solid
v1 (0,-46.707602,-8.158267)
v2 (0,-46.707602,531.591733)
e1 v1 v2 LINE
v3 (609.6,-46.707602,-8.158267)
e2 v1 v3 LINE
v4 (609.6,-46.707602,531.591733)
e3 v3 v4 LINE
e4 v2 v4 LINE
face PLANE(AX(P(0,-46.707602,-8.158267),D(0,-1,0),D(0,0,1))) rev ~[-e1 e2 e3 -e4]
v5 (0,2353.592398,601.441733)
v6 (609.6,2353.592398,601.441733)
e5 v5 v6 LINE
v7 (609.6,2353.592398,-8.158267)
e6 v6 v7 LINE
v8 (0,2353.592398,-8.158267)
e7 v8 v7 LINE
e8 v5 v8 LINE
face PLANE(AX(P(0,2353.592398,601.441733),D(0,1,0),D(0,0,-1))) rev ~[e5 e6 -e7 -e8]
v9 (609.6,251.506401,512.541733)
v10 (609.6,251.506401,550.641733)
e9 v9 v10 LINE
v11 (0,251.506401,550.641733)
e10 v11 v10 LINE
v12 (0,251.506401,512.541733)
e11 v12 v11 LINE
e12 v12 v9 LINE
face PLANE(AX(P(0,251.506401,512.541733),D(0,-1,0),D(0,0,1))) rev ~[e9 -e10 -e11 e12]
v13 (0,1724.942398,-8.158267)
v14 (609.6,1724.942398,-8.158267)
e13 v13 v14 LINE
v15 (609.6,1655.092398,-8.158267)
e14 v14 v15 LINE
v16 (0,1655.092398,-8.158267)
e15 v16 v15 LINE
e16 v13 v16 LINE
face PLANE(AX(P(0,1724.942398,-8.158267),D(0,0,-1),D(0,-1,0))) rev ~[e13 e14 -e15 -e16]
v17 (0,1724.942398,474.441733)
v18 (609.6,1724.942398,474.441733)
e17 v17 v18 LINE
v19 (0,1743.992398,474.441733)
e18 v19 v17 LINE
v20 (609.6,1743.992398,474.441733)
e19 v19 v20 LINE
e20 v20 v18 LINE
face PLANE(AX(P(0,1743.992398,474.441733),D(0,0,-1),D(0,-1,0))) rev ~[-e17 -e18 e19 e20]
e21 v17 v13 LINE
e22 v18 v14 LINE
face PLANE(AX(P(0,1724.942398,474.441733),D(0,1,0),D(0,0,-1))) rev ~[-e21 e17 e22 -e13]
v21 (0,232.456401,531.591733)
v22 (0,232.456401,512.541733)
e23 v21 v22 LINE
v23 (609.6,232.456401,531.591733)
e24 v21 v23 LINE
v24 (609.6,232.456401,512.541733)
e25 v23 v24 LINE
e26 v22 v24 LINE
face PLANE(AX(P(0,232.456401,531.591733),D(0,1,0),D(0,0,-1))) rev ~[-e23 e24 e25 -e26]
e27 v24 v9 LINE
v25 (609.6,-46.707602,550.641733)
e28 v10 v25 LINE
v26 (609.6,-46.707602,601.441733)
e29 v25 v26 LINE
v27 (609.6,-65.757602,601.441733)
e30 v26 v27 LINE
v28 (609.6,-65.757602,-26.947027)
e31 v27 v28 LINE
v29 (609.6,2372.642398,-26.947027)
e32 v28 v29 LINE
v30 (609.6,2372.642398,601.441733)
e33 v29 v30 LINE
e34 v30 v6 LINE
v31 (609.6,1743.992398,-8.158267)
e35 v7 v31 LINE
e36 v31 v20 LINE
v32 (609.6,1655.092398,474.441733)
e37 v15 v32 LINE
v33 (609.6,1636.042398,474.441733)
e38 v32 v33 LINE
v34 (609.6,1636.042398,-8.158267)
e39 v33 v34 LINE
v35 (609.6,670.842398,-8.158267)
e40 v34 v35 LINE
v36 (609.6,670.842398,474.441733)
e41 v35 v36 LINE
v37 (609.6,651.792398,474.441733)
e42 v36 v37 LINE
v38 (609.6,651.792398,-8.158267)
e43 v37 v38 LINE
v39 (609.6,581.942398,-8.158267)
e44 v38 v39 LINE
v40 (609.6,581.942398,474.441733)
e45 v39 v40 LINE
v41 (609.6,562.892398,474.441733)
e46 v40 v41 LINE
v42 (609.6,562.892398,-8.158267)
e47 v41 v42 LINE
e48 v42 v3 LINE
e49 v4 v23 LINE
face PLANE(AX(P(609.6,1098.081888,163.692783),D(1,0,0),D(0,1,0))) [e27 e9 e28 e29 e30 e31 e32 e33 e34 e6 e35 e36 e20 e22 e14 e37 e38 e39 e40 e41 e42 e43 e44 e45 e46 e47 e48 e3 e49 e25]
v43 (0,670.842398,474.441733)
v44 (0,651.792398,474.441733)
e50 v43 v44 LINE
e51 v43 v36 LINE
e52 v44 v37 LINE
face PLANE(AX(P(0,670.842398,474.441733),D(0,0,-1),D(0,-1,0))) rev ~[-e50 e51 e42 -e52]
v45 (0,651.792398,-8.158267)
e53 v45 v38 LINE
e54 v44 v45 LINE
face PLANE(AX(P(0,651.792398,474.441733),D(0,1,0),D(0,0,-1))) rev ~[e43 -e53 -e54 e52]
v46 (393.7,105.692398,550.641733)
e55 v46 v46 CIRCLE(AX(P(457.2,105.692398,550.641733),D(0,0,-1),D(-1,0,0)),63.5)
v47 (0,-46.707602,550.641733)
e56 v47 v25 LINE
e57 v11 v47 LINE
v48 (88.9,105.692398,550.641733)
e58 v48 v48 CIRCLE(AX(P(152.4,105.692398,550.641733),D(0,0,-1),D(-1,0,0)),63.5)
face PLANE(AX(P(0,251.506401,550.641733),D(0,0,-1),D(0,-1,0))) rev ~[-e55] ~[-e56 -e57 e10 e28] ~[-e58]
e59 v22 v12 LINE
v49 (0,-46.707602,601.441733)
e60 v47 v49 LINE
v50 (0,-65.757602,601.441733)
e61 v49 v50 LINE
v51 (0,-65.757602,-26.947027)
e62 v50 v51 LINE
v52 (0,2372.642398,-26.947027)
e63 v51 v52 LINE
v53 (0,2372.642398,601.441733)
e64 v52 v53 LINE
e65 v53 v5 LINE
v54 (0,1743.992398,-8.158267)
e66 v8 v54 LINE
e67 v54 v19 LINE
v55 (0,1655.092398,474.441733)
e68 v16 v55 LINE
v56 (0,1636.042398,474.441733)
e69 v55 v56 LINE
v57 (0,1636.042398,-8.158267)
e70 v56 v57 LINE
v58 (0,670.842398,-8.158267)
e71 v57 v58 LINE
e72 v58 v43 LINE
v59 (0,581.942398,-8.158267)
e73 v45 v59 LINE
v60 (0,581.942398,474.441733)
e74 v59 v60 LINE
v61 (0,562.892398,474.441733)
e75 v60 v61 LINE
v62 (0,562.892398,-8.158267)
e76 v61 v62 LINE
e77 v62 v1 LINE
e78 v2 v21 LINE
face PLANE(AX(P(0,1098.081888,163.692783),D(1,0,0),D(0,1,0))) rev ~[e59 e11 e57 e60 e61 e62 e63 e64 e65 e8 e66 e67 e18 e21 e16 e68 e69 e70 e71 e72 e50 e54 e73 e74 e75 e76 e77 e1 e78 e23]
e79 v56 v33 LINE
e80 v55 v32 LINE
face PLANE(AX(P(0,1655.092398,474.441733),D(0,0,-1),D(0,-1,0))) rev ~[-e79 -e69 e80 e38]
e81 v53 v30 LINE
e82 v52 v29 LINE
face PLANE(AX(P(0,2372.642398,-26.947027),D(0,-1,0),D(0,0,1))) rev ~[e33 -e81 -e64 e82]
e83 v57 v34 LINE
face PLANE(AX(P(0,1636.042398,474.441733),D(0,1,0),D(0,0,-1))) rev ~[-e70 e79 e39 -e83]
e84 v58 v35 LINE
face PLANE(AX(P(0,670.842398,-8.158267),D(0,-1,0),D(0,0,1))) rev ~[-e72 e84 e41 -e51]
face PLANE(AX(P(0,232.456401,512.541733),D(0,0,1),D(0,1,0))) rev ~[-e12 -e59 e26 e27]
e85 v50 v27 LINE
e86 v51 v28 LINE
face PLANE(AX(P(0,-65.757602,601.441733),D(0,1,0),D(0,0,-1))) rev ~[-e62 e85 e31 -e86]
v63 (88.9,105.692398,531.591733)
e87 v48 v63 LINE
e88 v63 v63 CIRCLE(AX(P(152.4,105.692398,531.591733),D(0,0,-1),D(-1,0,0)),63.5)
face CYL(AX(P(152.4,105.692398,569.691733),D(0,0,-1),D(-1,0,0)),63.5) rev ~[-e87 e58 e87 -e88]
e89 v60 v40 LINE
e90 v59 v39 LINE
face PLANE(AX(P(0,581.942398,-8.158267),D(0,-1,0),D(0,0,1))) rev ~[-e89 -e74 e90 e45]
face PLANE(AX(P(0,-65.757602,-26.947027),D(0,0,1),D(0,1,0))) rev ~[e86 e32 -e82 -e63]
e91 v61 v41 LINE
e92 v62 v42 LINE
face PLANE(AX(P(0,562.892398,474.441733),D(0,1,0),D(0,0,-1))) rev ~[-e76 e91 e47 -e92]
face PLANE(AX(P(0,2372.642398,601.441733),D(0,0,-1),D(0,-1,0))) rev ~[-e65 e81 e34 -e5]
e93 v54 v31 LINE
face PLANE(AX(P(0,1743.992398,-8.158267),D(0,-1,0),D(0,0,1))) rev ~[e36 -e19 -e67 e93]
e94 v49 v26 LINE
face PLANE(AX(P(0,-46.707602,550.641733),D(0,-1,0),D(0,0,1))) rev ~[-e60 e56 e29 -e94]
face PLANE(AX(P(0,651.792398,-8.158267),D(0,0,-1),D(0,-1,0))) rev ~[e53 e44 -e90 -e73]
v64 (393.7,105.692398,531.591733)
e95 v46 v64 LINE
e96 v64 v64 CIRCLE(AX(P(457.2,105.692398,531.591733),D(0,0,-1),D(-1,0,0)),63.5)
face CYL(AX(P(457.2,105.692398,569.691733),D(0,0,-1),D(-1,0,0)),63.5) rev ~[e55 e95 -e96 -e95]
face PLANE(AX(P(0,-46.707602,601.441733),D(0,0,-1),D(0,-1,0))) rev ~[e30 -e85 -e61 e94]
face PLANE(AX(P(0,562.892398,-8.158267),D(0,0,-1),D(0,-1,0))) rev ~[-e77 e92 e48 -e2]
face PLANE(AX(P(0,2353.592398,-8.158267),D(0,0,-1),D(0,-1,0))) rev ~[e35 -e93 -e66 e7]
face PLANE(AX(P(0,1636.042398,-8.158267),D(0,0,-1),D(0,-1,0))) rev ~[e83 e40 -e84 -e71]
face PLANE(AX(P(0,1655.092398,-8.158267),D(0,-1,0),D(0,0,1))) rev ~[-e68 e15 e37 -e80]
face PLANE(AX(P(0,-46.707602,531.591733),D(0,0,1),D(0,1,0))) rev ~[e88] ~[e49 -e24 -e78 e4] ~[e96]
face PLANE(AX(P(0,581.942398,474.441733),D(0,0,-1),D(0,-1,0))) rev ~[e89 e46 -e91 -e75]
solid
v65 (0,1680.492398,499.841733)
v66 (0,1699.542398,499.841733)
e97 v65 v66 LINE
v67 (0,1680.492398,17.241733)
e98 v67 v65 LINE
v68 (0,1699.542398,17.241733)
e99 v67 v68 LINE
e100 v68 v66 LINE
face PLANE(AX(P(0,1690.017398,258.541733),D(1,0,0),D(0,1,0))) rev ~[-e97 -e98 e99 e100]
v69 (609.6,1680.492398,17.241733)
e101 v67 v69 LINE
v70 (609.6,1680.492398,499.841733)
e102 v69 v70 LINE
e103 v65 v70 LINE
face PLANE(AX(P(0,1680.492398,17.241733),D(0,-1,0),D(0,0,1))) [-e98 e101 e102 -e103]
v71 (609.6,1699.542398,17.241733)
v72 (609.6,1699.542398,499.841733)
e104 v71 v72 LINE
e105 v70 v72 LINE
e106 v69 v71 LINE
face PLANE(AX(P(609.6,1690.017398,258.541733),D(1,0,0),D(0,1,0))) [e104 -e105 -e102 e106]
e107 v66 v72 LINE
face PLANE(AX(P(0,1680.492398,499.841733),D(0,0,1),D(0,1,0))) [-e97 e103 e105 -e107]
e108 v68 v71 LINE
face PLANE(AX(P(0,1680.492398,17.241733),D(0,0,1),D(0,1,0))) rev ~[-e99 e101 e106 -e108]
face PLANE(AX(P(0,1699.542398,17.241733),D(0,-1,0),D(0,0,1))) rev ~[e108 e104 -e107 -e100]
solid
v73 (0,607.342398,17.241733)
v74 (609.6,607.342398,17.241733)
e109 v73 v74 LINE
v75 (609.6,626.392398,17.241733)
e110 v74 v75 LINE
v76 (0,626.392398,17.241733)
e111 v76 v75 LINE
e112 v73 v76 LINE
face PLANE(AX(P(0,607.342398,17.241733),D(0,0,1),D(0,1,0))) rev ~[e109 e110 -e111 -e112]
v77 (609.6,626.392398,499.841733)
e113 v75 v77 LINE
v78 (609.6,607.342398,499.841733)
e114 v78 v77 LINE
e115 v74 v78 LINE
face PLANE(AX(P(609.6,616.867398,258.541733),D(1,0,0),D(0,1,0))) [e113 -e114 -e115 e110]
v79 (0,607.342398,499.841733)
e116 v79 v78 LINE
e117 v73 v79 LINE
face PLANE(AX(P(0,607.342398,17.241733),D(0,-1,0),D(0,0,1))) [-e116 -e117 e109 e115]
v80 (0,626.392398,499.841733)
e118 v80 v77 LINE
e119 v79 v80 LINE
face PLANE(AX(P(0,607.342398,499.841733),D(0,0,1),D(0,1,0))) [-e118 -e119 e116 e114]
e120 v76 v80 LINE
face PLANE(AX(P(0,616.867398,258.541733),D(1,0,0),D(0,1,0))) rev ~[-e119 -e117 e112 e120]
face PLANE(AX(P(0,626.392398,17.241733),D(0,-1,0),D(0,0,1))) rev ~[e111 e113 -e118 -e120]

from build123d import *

# Parameters (mm, degrees)
F0_W     = 19.05
F0_H     = 482.6
F1_DEPTH = 609.6
F3_D     = 127
F3_DEPTH = 19.05


with BuildPart() as f1:
    # F0 (on Right) → F1 (new body)
    with BuildSketch(Plane.YZ):
        Polygon((-46.707602, 601.441733), (-65.757602, 601.441733), (-65.757602, -8.158267), (-65.757602, -26.947027), (2372.642398, -26.947027), (2372.642398, -8.158267), (2372.642398, 601.441733), (2353.592398, 601.441733), (2353.592398, -8.158267), (1743.992398, -8.158267), (1743.992398, 474.441733), (1724.942398, 474.441733), (1724.942398, -8.158267), (1655.092398, -8.158267), (1655.092398, 474.441733), (1636.042398, 474.441733), (1636.042398, -8.158267), (670.842398, -8.158267), (670.842398, 474.441733), (651.792398, 474.441733), (651.792398, -8.158267), (581.942398, -8.158267), (581.942398, 474.441733), (562.892398, 474.441733), (562.892398, -8.158267), (-46.707602, -8.158267), (-46.707602, 531.591733), (232.456401, 531.591733), (232.456401, 512.541733), (251.506401, 512.541733), (251.506401, 550.641733), (-46.707602, 550.641733), align=None)
        with Locations((616.867398, 258.541733)):
            Rectangle(F0_W, F0_H)
        with Locations((1690.017398, 258.541733)):
            Rectangle(F0_W, F0_H)
    extrude(amount=F1_DEPTH)

    # F3
    with Locations(Plane.XY.offset(550.641733)):
        with Locations((152.4, 105.692398), (457.2, 105.692398)):
            Hole(F3_D / 2, depth=F3_DEPTH)


solid = f1.part
